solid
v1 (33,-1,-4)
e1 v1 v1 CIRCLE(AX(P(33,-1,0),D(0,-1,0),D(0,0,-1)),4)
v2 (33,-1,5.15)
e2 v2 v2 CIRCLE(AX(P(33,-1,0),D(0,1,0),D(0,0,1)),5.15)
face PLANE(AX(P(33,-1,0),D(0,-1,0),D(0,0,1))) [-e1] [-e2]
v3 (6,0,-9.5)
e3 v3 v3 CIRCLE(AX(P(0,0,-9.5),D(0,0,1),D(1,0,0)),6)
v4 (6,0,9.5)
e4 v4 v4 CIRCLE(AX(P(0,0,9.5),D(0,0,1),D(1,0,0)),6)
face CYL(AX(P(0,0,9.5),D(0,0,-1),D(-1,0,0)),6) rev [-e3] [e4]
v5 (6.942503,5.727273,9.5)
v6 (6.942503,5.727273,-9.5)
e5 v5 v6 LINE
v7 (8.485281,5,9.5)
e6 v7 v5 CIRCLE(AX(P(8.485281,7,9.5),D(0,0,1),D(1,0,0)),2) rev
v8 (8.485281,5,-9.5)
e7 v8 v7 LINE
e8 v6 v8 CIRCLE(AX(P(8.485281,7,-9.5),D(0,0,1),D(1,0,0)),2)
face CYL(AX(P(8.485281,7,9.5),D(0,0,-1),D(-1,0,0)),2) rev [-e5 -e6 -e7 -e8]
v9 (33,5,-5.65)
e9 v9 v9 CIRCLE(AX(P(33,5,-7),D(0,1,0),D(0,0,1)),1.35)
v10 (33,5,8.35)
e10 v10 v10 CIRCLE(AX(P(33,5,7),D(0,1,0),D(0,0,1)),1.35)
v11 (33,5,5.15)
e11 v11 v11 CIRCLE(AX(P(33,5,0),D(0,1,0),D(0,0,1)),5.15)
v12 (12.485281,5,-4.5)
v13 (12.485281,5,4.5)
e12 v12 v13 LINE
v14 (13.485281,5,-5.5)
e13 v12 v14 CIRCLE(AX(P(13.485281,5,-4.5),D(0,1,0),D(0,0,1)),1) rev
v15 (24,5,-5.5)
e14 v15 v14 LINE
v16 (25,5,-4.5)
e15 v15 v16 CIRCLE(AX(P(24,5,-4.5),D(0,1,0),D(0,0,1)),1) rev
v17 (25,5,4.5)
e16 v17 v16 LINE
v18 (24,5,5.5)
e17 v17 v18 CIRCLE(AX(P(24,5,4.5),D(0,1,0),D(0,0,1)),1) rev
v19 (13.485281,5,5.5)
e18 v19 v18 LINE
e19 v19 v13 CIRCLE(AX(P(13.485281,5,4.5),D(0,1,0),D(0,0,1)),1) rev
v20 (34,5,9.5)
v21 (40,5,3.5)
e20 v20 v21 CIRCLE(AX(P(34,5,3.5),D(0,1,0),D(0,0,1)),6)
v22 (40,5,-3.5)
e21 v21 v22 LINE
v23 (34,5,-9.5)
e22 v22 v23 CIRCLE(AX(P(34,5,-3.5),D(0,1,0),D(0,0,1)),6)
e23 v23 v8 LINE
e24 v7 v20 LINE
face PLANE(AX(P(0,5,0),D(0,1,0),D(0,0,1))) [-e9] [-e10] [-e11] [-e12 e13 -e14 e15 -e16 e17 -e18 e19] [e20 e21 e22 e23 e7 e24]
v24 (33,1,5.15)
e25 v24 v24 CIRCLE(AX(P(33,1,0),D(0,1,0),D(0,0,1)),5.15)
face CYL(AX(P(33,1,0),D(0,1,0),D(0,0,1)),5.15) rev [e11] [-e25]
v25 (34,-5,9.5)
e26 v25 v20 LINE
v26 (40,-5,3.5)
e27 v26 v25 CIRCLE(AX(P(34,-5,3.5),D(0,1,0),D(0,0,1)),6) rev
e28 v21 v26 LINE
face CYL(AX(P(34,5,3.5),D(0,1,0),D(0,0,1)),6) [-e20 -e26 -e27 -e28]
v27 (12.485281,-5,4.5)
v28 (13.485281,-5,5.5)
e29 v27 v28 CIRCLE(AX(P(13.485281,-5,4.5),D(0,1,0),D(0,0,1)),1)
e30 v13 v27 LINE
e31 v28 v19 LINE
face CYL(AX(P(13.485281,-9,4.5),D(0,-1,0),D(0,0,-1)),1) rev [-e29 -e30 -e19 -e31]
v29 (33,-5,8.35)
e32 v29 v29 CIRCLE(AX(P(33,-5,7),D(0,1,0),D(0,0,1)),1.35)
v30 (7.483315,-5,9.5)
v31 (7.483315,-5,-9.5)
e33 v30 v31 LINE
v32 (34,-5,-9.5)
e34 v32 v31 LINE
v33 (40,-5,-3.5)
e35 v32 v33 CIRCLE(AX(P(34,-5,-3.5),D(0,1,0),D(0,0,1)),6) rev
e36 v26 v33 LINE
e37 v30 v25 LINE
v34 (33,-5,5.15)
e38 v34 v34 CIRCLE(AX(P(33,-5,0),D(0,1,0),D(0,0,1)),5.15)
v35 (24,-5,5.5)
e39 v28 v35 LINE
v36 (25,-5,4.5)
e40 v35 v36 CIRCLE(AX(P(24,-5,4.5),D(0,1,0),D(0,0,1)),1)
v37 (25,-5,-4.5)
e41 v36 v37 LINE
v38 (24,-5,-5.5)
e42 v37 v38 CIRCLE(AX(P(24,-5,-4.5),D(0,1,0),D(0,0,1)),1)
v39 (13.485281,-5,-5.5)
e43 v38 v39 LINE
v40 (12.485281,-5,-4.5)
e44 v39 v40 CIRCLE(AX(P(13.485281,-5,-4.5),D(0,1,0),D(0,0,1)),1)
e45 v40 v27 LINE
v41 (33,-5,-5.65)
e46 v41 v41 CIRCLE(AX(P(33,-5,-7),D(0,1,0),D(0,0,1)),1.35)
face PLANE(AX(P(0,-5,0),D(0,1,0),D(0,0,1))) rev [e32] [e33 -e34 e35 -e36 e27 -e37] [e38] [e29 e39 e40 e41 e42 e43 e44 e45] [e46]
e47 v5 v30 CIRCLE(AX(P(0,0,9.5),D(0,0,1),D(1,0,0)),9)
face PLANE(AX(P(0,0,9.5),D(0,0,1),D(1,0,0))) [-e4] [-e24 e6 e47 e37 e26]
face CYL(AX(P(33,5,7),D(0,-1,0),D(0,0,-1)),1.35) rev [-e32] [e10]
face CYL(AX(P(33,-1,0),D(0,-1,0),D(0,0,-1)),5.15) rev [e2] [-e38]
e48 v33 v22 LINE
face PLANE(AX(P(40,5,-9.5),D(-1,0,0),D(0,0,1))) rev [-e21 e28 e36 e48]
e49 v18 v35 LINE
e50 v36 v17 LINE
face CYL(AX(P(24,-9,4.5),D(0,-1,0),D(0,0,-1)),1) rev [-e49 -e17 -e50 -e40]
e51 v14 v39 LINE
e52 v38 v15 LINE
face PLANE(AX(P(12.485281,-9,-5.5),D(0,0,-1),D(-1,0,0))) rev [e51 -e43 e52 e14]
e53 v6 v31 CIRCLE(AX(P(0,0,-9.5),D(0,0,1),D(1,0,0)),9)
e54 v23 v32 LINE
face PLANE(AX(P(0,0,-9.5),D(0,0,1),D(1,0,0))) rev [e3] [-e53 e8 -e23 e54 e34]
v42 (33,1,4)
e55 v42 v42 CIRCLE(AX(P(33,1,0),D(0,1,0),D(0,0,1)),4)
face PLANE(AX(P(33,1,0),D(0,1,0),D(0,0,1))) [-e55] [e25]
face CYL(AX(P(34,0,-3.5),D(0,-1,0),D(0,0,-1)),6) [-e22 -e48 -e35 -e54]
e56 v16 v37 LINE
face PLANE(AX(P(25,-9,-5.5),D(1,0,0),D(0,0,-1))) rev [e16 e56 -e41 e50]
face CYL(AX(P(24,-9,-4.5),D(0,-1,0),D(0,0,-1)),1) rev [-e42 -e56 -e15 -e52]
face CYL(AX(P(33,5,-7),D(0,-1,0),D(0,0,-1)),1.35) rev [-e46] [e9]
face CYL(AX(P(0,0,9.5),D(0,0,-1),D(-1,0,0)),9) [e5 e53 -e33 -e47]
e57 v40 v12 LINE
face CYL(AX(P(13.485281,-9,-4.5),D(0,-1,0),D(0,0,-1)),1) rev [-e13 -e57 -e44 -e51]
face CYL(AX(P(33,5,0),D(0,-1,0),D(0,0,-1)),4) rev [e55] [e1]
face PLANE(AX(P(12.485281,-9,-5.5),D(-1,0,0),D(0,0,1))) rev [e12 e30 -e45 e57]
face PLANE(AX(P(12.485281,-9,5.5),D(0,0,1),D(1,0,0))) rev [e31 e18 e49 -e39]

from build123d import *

# Parameters (mm, degrees)
SKETCH1_R                  = 9
SKETCH1_R_2                = 6
MAIN_DEPTH                 = 9.5
SKETCH2_W                  = 40
SKETCH2_H                  = 19
SKETCH2_R                  = 4
SKETCH2_R_2                = 1.35
BALLSUPPORTEXTRUSION_DEPTH = 5
SKETCH3_R                  = 5.15
BALLSUPPORTHOLE_DEPTH      = 4
FILLET2_R                  = 2
SKETCH5_R                  = 6
CUT_EXTRUDE2_DEPTH         = 20
SKETCH6_W                  = 12.514718626
SKETCH6_H                  = 11
CUT_EXTRUDE3_DEPTH         = 15
FILLET3_R                  = 1
FILLET4_R                  = 6


with BuildPart() as part:
    # Sketch1 → Main (new body, symmetric)
    with BuildSketch(Plane.XY):
        Circle(SKETCH1_R)
        Circle(SKETCH1_R_2, mode=Mode.SUBTRACT)
    extrude(amount=MAIN_DEPTH, both=True)

    # Sketch2 → BallSupportExtrusion (add, symmetric)
    with BuildSketch(Plane(origin=(0, 0, 0), x_dir=(1, 0, 0), z_dir=(0, 1, 0))):
        with Locations((20, 0)):
            Rectangle(SKETCH2_W, SKETCH2_H)
        with Locations((33, 0)):
            Circle(SKETCH2_R, mode=Mode.SUBTRACT)
        with Locations((33, 7)):
            Circle(SKETCH2_R_2, mode=Mode.SUBTRACT)
        with Locations((33, -7)):
            Circle(SKETCH2_R_2, mode=Mode.SUBTRACT)
    extrude(amount=BALLSUPPORTEXTRUSION_DEPTH, both=True)

    # Sketch3 → BallSupportHole (cut)
    with BuildSketch(Plane(origin=(0, 5, 0), x_dir=(1, 0, 0), z_dir=(0, 1, 0))):
        with Locations((33, 0)):
            Circle(SKETCH3_R)
    ballsupporthole = extrude(amount=-BALLSUPPORTHOLE_DEPTH, mode=Mode.SUBTRACT)

    # Fillet2
    fillet2_edges = [part.edges().sort_by_distance(p)[0] for p in [
        (7.483314774, 5, 0),
    ]]
    fillet(fillet2_edges, radius=FILLET2_R)

    # Sketch5 → Cut-Extrude2 (cut, through all)
    with BuildSketch(Plane.XY.offset(9.5)):
        Circle(SKETCH5_R)
    extrude(amount=-CUT_EXTRUDE2_DEPTH, mode=Mode.SUBTRACT)

    # Mirror1: BallSupportHole across plane
    add(ballsupporthole.mirror(Plane.ZX), mode=Mode.SUBTRACT)

    # Sketch6 → Cut-Extrude3 (cut, through all)
    with BuildSketch(Plane(origin=(0, 5, 0), x_dir=(1, 0, 0), z_dir=(0, 1, 0))):
        with Locations((18.742640687, 0)):
            Rectangle(SKETCH6_W, SKETCH6_H)
    extrude(amount=-CUT_EXTRUDE3_DEPTH, mode=Mode.SUBTRACT)

    # Fillet3
    fillet3_edges = [part.edges().sort_by_distance(p)[0] for p in [
        (12.485281374, 0, 5.5),
        (12.485281374, 0, -5.5),
        (25, 0, -5.5),
        (25, 0, 5.5),
    ]]
    fillet(fillet3_edges, radius=FILLET3_R)

    # Fillet4
    fillet4_edges = [part.edges().sort_by_distance(p)[0] for p in [
        (40, 0, 9.5),
        (40, 0, -9.5),
    ]]
    fillet(fillet4_edges, radius=FILLET4_R)


solid = part.part
